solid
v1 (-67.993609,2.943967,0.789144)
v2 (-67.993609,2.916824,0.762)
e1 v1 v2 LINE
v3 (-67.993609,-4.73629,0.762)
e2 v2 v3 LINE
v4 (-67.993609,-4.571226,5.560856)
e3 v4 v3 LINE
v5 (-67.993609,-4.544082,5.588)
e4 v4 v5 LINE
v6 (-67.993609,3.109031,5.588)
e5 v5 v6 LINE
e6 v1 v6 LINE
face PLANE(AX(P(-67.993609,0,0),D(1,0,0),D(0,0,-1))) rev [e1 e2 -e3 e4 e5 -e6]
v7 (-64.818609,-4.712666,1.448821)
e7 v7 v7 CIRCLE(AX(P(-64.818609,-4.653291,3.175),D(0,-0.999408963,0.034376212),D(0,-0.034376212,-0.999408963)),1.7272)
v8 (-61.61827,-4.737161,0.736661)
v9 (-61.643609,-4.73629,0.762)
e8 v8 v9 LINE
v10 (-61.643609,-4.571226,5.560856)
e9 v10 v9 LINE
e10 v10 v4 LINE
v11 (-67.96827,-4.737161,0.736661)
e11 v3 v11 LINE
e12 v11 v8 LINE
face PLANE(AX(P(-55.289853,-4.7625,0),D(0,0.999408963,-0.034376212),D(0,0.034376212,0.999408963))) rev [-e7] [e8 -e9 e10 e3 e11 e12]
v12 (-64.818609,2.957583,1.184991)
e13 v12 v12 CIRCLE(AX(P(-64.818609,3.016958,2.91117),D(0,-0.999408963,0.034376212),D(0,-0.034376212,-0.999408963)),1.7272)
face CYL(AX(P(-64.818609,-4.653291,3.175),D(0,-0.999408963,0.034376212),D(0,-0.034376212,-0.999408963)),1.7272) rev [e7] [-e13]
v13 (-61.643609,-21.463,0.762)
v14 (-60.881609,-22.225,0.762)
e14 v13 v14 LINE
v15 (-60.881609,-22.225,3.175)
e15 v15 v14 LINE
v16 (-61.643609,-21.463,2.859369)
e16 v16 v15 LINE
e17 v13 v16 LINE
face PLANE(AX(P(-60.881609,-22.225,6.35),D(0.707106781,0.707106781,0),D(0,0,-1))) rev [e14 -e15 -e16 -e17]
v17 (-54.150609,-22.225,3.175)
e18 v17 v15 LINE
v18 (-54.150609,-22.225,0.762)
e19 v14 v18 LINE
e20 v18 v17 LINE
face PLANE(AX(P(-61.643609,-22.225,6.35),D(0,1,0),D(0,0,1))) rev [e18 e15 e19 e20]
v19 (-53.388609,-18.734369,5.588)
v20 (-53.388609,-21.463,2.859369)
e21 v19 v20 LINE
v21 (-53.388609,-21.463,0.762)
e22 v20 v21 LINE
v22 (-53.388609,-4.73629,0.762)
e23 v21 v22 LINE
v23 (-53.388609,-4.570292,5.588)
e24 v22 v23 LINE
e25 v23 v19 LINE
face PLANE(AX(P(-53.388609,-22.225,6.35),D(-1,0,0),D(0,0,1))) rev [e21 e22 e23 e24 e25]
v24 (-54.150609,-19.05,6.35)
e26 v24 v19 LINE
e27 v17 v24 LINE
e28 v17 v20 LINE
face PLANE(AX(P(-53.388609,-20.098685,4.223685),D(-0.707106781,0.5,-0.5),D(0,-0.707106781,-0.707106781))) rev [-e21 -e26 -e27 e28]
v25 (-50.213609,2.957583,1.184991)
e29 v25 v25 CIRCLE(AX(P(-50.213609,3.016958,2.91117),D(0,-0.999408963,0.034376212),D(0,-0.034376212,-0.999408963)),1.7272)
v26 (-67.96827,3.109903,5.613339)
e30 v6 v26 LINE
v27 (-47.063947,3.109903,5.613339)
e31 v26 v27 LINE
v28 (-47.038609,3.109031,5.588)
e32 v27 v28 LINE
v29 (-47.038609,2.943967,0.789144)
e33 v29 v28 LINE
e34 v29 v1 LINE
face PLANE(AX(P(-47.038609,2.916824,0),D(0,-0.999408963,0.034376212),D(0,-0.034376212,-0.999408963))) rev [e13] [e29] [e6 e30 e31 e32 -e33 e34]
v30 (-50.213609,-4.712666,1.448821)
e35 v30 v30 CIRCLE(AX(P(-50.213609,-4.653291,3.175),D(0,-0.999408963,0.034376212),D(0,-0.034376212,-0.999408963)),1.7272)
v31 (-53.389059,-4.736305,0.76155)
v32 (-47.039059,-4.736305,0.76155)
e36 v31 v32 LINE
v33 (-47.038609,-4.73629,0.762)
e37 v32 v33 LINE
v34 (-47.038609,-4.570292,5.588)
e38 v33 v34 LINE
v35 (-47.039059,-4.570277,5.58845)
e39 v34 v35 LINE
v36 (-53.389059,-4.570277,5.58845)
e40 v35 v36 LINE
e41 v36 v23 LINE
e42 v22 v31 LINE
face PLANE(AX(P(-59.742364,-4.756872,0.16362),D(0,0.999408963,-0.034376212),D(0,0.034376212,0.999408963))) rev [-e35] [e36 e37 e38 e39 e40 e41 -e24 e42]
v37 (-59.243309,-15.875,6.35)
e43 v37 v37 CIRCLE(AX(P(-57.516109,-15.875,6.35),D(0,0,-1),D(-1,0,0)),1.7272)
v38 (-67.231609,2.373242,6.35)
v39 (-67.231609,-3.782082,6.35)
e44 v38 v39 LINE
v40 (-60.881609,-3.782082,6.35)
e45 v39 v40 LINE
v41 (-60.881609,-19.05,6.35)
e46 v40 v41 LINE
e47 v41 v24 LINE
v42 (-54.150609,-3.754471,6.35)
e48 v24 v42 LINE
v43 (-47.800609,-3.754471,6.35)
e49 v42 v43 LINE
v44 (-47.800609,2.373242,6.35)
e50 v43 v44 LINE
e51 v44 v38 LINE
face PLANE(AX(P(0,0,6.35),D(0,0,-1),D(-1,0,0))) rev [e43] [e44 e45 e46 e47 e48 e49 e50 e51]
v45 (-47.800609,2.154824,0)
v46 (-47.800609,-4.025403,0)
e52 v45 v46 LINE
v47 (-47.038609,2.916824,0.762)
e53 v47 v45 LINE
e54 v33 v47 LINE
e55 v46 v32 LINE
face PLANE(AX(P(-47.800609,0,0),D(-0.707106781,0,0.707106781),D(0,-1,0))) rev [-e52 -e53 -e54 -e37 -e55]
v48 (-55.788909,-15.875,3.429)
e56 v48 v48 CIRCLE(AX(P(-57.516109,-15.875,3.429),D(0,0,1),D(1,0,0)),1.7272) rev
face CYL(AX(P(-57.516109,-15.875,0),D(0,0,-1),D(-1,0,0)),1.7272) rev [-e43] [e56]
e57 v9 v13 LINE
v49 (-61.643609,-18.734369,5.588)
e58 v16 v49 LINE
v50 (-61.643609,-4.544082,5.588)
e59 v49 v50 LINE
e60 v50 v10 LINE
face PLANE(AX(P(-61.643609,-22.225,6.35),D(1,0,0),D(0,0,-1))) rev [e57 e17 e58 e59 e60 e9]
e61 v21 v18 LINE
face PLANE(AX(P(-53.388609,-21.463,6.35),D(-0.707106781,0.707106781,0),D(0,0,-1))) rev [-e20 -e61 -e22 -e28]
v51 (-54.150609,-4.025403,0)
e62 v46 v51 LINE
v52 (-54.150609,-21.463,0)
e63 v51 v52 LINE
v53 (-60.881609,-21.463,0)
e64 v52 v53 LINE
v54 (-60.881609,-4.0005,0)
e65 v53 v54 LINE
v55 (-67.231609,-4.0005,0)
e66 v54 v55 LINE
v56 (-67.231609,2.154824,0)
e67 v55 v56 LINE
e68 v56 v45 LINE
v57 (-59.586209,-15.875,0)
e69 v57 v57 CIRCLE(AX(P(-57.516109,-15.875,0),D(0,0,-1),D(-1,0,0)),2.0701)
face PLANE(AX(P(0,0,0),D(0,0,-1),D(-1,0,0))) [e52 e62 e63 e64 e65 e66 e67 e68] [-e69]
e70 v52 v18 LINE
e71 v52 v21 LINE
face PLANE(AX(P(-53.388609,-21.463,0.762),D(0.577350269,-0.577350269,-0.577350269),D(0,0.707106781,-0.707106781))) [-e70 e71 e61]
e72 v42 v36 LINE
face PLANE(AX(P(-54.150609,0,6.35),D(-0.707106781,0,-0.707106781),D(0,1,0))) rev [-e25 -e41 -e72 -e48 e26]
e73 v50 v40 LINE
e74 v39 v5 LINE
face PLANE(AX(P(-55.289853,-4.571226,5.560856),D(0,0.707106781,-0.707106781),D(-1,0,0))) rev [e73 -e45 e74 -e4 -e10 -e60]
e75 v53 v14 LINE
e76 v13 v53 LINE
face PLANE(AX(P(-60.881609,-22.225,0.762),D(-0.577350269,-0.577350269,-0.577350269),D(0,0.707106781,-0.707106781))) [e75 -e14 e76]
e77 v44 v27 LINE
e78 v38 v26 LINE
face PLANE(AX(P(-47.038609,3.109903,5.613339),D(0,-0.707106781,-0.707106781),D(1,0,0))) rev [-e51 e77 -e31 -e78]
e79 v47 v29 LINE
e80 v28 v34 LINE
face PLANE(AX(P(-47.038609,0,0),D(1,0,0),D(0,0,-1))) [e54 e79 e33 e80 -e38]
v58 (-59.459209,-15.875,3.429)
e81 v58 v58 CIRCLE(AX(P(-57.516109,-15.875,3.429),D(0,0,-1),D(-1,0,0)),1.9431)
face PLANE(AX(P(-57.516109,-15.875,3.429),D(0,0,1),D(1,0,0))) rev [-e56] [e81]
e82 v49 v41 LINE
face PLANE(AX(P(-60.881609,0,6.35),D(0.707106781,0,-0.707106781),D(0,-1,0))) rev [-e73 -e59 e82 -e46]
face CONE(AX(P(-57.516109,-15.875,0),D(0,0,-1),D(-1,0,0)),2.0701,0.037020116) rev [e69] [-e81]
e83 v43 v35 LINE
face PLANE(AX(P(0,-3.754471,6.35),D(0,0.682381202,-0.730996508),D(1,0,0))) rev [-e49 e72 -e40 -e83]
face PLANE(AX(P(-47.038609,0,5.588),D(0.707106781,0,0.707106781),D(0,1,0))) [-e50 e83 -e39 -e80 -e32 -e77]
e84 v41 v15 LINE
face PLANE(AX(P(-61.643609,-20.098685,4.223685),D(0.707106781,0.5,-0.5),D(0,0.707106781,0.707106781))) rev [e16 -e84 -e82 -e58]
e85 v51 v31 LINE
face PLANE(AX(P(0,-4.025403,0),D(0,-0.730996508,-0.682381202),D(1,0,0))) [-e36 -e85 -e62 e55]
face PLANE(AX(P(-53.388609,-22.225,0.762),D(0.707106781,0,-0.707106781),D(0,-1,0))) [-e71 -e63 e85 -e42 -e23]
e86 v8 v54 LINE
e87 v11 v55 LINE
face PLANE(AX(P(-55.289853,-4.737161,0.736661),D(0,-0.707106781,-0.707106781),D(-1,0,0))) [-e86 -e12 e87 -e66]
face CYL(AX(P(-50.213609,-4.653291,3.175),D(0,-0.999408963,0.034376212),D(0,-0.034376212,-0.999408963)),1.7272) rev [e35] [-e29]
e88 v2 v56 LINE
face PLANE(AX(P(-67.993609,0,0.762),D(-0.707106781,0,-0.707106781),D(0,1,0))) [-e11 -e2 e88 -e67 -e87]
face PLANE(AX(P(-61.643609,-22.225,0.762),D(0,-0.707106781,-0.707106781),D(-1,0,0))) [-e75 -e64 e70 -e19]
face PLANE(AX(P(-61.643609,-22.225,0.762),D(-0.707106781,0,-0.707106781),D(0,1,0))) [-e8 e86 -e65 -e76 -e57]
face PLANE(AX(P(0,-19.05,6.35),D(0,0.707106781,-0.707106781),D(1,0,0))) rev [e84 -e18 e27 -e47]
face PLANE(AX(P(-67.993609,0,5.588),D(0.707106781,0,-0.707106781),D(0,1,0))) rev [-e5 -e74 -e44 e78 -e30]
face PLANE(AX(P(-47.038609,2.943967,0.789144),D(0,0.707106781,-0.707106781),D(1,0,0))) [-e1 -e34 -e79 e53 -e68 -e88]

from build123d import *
from OCP.BRepFilletAPI import BRepFilletAPI_MakeChamfer

# Parameters (mm, degrees)
SKETCH1_W             = 8.255
SKETCH1_H             = 22.225
BOSS_EXTRUDE1_DEPTH   = 6.35
SKETCH2_W             = 6.35
SKETCH2_H             = 4.7625
BOSS_EXTRUDE2_DEPTH   = 6.35
BOSS_EXTRUDE3_START   = -8.255
SKETCH2_4_W           = 6.35
SKETCH2_4_H           = 4.7625
BOSS_EXTRUDE3_DEPTH   = 6.35
SKETCH4_W             = 20.955
SKETCH4_H             = 6.35
BOSS_EXTRUDE4_DEPTH   = 3.135241634
CUT_EXTRUDE3_DEPTH    = 32.199120981
CUT_EXTRUDE4_DEPTH    = 6.35
CUT_EXTRUDE5_START    = -20.955
CUT_EXTRUDE5_DEPTH    = 6.35
F_4_CLEARANCE_HOLE1_D = 3.4544
F_4_CLEARANCE_HOLE2_D = 3.4544
CHAMFER1_SIZE         = 3.175
CHAMFER2_SIZE         = 0.762
CHAMFER2_SIZE2        = 0.737097047
CHAMFER2_SIZE2_2      = 0.789610507


with BuildPart() as part:
    # Sketch1 → Boss-Extrude1 (new body)
    with BuildSketch(Plane.XY):
        with Locations((-57.516108776, -11.1125)):
            Rectangle(SKETCH1_W, SKETCH1_H)
    extrude(amount=BOSS_EXTRUDE1_DEPTH)

    # Sketch2 → Boss-Extrude2 (add)
    with BuildSketch(Plane.ZY.offset(61.643608776)):
        with Locations((3.175, -2.38125)):
            Rectangle(SKETCH2_W, SKETCH2_H)
    extrude(amount=BOSS_EXTRUDE2_DEPTH)

    # Sketch2<4> → Boss-Extrude3 (add)
    with BuildSketch(Plane.ZY.offset(61.643608776).offset(BOSS_EXTRUDE3_START)):
        with Locations((3.175, -2.38125)):
            Rectangle(SKETCH2_4_W, SKETCH2_4_H)
    extrude(amount=-BOSS_EXTRUDE3_DEPTH)

    # Sketch4 → Boss-Extrude4 (add)
    with BuildSketch(Plane(origin=(0, 0, 0), x_dir=(1, 0, 0), z_dir=(0, 1, 0))):
        with Locations((-57.516108776, -3.175)):
            Rectangle(SKETCH4_W, SKETCH4_H)
    extrude(amount=BOSS_EXTRUDE4_DEPTH)

    # Sketch5 → Cut-Extrude3 (cut, through all)
    with BuildSketch(Plane.ZY.offset(67.993608776)):
        Polygon((0, 2.916823594), (6.35, 3.135241634), (0, 3.135241634), align=None)
    extrude(amount=-CUT_EXTRUDE3_DEPTH, mode=Mode.SUBTRACT)

    # Sketch6 → Cut-Extrude4 (cut)
    with BuildSketch(Plane.ZY.offset(67.993608776)):
        Polygon((0, -4.7625), (6.35, -4.54408196), (6.35, -4.7625), align=None)
    extrude(amount=-CUT_EXTRUDE4_DEPTH, mode=Mode.SUBTRACT)

    # Sketch6<2> → Cut-Extrude5 (cut)
    with BuildSketch(Plane.ZY.offset(67.993608776).offset(CUT_EXTRUDE5_START)):
        Polygon((0, -4.7625), (6.35, -4.54408196), (6.35, -4.7625), align=None)
    extrude(amount=CUT_EXTRUDE5_DEPTH, mode=Mode.SUBTRACT)

    # #4 Clearance Hole1 (through all)
    with Locations(Plane(origin=(0, -4.75687204, 0.163619948), x_dir=(-1, 0, 0), z_dir=(0, -0.9994089633576719, 0.03437621212908539))):
        with Locations((50.213608776, -3.013160941), (64.818608776, -3.013160941)):
            Hole(F_4_CLEARANCE_HOLE1_D / 2)

    # #4 Clearance Hole2 (through all)
    with Locations(Plane(origin=(0, 0, 0), x_dir=(-1, 0, 0), z_dir=(0, 0, -1))):
        with Locations((57.516108776, -15.875)):
            Hole(F_4_CLEARANCE_HOLE2_D / 2)

    # Sketch16 → Hole1 (revolve, cut)
    with BuildSketch(Plane(origin=(-57.516108776, -15.875, 0), x_dir=(0, 1, 0), z_dir=(1, 0, 0))):
        Polygon((0, 0), (0, 3.429), (1.9431, 3.429), (2.0701, 0), align=None)
    revolve(axis=Axis((-57.516108776, -15.875, 110), (0, 0, -1)), mode=Mode.SUBTRACT)

    # Chamfer1
    chamfer1_edges = [part.edges().sort_by_distance(p)[0] for p in [
        (-57.516108776, -22.225, 6.35),
    ]]
    chamfer(chamfer1_edges, length=CHAMFER1_SIZE)

    # Chamfer2: one chamfer whose edges measure the first distance from different faces: ONE call of the kernel's chamfer builder (chamfer() names one face for all edges)
    chamfer2_edges_1 = [part.edges().sort_by_distance(p)[0] for p in [
        (-53.388608776, -11.79704098, 6.35),
        (-53.388608776, -22.225, 1.5875),
        (-53.388608776, -20.6375, 4.7625),
        (-61.643608776, -22.225, 1.5875),
        (-61.643608776, -20.6375, 4.7625),
        (-61.643608776, -13.49375, 0),
        (-61.643608776, -11.79704098, 6.35),
        (-47.038608776, -0.704420163, 6.35),
        (-47.038608776, -0.922838203, 0),
        (-67.993608776, -0.922838203, 0),
        (-53.388608776, -13.49375, 0),
        (-57.516108776, -22.225, 0),
        (-67.993608776, -0.704420163, 6.35),
    ]]
    chamfer2_edges_2 = [part.edges().sort_by_distance(p)[0] for p in [
        (-64.818608776, -4.7625, 0),
    ]]
    chamfer2_side_2 = [part.faces().sort_by_distance(p)[0] for p in [
        (-57.516108776, -6.446773357, 0),
    ]]
    chamfer2_edges_3 = [part.edges().sort_by_distance(p)[0] for p in [
        (-50.213608776, -4.7625, 0),
    ]]
    chamfer2_side_3 = [part.faces().sort_by_distance(p)[0] for p in [
        (-50.213608776, -4.759412015, 0.089776027),
    ]]
    chamfer2_edges_4 = [part.edges().sort_by_distance(p)[0] for p in [
        (-57.516108776, 3.135241634, 6.35),
    ]]
    chamfer2_side_4 = [part.faces().sort_by_distance(p)[0] for p in [
        (-57.516108776, -5.076499977, 6.35),
    ]]
    chamfer2_edges_5 = [part.edges().sort_by_distance(p)[0] for p in [
        (-57.516108776, 2.916823594, 0),
    ]]
    chamfer2_side_5 = [part.faces().sort_by_distance(p)[0] for p in [
        (-57.516108776, -6.446773357, 0),
    ]]
    chamfer2_edges_6 = [part.edges().sort_by_distance(p)[0] for p in [
        (-64.818608776, -4.54408196, 6.35),
    ]]
    chamfer2_side_6 = [part.faces().sort_by_distance(p)[0] for p in [
        (-57.516108776, -5.076499977, 6.35),
    ]]
    chamfer2_edges_7 = [part.edges().sort_by_distance(p)[0] for p in [
        (-50.213608776, -4.54408196, 6.35),
    ]]
    chamfer2_side_7 = [part.faces().sort_by_distance(p)[0] for p in [
        (-50.213608776, -4.759412015, 0.089776027),
    ]]
    chamfer2 = BRepFilletAPI_MakeChamfer(part.part.solid().wrapped)
    for e in chamfer2_edges_1:
        chamfer2.Add(CHAMFER2_SIZE, e.wrapped)
    for e in chamfer2_edges_2:
        chamfer2.Add(CHAMFER2_SIZE, CHAMFER2_SIZE2, e.wrapped, chamfer2_side_2[0].wrapped)  # the first distance lies on this face
    for e in chamfer2_edges_3:
        chamfer2.Add(CHAMFER2_SIZE, CHAMFER2_SIZE2, e.wrapped, chamfer2_side_3[0].wrapped)  # the first distance lies on this face
    for e in chamfer2_edges_4:
        chamfer2.Add(CHAMFER2_SIZE, CHAMFER2_SIZE2, e.wrapped, chamfer2_side_4[0].wrapped)  # the first distance lies on this face
    for e in chamfer2_edges_5:
        chamfer2.Add(CHAMFER2_SIZE, CHAMFER2_SIZE2_2, e.wrapped, chamfer2_side_5[0].wrapped)  # the first distance lies on this face
    for e in chamfer2_edges_6:
        chamfer2.Add(CHAMFER2_SIZE, CHAMFER2_SIZE2_2, e.wrapped, chamfer2_side_6[0].wrapped)  # the first distance lies on this face
    for e in chamfer2_edges_7:
        chamfer2.Add(CHAMFER2_SIZE, CHAMFER2_SIZE2_2, e.wrapped, chamfer2_side_7[0].wrapped)  # the first distance lies on this face
    add(Compound.cast(chamfer2.Shape()), mode=Mode.REPLACE)


solid = part.part
